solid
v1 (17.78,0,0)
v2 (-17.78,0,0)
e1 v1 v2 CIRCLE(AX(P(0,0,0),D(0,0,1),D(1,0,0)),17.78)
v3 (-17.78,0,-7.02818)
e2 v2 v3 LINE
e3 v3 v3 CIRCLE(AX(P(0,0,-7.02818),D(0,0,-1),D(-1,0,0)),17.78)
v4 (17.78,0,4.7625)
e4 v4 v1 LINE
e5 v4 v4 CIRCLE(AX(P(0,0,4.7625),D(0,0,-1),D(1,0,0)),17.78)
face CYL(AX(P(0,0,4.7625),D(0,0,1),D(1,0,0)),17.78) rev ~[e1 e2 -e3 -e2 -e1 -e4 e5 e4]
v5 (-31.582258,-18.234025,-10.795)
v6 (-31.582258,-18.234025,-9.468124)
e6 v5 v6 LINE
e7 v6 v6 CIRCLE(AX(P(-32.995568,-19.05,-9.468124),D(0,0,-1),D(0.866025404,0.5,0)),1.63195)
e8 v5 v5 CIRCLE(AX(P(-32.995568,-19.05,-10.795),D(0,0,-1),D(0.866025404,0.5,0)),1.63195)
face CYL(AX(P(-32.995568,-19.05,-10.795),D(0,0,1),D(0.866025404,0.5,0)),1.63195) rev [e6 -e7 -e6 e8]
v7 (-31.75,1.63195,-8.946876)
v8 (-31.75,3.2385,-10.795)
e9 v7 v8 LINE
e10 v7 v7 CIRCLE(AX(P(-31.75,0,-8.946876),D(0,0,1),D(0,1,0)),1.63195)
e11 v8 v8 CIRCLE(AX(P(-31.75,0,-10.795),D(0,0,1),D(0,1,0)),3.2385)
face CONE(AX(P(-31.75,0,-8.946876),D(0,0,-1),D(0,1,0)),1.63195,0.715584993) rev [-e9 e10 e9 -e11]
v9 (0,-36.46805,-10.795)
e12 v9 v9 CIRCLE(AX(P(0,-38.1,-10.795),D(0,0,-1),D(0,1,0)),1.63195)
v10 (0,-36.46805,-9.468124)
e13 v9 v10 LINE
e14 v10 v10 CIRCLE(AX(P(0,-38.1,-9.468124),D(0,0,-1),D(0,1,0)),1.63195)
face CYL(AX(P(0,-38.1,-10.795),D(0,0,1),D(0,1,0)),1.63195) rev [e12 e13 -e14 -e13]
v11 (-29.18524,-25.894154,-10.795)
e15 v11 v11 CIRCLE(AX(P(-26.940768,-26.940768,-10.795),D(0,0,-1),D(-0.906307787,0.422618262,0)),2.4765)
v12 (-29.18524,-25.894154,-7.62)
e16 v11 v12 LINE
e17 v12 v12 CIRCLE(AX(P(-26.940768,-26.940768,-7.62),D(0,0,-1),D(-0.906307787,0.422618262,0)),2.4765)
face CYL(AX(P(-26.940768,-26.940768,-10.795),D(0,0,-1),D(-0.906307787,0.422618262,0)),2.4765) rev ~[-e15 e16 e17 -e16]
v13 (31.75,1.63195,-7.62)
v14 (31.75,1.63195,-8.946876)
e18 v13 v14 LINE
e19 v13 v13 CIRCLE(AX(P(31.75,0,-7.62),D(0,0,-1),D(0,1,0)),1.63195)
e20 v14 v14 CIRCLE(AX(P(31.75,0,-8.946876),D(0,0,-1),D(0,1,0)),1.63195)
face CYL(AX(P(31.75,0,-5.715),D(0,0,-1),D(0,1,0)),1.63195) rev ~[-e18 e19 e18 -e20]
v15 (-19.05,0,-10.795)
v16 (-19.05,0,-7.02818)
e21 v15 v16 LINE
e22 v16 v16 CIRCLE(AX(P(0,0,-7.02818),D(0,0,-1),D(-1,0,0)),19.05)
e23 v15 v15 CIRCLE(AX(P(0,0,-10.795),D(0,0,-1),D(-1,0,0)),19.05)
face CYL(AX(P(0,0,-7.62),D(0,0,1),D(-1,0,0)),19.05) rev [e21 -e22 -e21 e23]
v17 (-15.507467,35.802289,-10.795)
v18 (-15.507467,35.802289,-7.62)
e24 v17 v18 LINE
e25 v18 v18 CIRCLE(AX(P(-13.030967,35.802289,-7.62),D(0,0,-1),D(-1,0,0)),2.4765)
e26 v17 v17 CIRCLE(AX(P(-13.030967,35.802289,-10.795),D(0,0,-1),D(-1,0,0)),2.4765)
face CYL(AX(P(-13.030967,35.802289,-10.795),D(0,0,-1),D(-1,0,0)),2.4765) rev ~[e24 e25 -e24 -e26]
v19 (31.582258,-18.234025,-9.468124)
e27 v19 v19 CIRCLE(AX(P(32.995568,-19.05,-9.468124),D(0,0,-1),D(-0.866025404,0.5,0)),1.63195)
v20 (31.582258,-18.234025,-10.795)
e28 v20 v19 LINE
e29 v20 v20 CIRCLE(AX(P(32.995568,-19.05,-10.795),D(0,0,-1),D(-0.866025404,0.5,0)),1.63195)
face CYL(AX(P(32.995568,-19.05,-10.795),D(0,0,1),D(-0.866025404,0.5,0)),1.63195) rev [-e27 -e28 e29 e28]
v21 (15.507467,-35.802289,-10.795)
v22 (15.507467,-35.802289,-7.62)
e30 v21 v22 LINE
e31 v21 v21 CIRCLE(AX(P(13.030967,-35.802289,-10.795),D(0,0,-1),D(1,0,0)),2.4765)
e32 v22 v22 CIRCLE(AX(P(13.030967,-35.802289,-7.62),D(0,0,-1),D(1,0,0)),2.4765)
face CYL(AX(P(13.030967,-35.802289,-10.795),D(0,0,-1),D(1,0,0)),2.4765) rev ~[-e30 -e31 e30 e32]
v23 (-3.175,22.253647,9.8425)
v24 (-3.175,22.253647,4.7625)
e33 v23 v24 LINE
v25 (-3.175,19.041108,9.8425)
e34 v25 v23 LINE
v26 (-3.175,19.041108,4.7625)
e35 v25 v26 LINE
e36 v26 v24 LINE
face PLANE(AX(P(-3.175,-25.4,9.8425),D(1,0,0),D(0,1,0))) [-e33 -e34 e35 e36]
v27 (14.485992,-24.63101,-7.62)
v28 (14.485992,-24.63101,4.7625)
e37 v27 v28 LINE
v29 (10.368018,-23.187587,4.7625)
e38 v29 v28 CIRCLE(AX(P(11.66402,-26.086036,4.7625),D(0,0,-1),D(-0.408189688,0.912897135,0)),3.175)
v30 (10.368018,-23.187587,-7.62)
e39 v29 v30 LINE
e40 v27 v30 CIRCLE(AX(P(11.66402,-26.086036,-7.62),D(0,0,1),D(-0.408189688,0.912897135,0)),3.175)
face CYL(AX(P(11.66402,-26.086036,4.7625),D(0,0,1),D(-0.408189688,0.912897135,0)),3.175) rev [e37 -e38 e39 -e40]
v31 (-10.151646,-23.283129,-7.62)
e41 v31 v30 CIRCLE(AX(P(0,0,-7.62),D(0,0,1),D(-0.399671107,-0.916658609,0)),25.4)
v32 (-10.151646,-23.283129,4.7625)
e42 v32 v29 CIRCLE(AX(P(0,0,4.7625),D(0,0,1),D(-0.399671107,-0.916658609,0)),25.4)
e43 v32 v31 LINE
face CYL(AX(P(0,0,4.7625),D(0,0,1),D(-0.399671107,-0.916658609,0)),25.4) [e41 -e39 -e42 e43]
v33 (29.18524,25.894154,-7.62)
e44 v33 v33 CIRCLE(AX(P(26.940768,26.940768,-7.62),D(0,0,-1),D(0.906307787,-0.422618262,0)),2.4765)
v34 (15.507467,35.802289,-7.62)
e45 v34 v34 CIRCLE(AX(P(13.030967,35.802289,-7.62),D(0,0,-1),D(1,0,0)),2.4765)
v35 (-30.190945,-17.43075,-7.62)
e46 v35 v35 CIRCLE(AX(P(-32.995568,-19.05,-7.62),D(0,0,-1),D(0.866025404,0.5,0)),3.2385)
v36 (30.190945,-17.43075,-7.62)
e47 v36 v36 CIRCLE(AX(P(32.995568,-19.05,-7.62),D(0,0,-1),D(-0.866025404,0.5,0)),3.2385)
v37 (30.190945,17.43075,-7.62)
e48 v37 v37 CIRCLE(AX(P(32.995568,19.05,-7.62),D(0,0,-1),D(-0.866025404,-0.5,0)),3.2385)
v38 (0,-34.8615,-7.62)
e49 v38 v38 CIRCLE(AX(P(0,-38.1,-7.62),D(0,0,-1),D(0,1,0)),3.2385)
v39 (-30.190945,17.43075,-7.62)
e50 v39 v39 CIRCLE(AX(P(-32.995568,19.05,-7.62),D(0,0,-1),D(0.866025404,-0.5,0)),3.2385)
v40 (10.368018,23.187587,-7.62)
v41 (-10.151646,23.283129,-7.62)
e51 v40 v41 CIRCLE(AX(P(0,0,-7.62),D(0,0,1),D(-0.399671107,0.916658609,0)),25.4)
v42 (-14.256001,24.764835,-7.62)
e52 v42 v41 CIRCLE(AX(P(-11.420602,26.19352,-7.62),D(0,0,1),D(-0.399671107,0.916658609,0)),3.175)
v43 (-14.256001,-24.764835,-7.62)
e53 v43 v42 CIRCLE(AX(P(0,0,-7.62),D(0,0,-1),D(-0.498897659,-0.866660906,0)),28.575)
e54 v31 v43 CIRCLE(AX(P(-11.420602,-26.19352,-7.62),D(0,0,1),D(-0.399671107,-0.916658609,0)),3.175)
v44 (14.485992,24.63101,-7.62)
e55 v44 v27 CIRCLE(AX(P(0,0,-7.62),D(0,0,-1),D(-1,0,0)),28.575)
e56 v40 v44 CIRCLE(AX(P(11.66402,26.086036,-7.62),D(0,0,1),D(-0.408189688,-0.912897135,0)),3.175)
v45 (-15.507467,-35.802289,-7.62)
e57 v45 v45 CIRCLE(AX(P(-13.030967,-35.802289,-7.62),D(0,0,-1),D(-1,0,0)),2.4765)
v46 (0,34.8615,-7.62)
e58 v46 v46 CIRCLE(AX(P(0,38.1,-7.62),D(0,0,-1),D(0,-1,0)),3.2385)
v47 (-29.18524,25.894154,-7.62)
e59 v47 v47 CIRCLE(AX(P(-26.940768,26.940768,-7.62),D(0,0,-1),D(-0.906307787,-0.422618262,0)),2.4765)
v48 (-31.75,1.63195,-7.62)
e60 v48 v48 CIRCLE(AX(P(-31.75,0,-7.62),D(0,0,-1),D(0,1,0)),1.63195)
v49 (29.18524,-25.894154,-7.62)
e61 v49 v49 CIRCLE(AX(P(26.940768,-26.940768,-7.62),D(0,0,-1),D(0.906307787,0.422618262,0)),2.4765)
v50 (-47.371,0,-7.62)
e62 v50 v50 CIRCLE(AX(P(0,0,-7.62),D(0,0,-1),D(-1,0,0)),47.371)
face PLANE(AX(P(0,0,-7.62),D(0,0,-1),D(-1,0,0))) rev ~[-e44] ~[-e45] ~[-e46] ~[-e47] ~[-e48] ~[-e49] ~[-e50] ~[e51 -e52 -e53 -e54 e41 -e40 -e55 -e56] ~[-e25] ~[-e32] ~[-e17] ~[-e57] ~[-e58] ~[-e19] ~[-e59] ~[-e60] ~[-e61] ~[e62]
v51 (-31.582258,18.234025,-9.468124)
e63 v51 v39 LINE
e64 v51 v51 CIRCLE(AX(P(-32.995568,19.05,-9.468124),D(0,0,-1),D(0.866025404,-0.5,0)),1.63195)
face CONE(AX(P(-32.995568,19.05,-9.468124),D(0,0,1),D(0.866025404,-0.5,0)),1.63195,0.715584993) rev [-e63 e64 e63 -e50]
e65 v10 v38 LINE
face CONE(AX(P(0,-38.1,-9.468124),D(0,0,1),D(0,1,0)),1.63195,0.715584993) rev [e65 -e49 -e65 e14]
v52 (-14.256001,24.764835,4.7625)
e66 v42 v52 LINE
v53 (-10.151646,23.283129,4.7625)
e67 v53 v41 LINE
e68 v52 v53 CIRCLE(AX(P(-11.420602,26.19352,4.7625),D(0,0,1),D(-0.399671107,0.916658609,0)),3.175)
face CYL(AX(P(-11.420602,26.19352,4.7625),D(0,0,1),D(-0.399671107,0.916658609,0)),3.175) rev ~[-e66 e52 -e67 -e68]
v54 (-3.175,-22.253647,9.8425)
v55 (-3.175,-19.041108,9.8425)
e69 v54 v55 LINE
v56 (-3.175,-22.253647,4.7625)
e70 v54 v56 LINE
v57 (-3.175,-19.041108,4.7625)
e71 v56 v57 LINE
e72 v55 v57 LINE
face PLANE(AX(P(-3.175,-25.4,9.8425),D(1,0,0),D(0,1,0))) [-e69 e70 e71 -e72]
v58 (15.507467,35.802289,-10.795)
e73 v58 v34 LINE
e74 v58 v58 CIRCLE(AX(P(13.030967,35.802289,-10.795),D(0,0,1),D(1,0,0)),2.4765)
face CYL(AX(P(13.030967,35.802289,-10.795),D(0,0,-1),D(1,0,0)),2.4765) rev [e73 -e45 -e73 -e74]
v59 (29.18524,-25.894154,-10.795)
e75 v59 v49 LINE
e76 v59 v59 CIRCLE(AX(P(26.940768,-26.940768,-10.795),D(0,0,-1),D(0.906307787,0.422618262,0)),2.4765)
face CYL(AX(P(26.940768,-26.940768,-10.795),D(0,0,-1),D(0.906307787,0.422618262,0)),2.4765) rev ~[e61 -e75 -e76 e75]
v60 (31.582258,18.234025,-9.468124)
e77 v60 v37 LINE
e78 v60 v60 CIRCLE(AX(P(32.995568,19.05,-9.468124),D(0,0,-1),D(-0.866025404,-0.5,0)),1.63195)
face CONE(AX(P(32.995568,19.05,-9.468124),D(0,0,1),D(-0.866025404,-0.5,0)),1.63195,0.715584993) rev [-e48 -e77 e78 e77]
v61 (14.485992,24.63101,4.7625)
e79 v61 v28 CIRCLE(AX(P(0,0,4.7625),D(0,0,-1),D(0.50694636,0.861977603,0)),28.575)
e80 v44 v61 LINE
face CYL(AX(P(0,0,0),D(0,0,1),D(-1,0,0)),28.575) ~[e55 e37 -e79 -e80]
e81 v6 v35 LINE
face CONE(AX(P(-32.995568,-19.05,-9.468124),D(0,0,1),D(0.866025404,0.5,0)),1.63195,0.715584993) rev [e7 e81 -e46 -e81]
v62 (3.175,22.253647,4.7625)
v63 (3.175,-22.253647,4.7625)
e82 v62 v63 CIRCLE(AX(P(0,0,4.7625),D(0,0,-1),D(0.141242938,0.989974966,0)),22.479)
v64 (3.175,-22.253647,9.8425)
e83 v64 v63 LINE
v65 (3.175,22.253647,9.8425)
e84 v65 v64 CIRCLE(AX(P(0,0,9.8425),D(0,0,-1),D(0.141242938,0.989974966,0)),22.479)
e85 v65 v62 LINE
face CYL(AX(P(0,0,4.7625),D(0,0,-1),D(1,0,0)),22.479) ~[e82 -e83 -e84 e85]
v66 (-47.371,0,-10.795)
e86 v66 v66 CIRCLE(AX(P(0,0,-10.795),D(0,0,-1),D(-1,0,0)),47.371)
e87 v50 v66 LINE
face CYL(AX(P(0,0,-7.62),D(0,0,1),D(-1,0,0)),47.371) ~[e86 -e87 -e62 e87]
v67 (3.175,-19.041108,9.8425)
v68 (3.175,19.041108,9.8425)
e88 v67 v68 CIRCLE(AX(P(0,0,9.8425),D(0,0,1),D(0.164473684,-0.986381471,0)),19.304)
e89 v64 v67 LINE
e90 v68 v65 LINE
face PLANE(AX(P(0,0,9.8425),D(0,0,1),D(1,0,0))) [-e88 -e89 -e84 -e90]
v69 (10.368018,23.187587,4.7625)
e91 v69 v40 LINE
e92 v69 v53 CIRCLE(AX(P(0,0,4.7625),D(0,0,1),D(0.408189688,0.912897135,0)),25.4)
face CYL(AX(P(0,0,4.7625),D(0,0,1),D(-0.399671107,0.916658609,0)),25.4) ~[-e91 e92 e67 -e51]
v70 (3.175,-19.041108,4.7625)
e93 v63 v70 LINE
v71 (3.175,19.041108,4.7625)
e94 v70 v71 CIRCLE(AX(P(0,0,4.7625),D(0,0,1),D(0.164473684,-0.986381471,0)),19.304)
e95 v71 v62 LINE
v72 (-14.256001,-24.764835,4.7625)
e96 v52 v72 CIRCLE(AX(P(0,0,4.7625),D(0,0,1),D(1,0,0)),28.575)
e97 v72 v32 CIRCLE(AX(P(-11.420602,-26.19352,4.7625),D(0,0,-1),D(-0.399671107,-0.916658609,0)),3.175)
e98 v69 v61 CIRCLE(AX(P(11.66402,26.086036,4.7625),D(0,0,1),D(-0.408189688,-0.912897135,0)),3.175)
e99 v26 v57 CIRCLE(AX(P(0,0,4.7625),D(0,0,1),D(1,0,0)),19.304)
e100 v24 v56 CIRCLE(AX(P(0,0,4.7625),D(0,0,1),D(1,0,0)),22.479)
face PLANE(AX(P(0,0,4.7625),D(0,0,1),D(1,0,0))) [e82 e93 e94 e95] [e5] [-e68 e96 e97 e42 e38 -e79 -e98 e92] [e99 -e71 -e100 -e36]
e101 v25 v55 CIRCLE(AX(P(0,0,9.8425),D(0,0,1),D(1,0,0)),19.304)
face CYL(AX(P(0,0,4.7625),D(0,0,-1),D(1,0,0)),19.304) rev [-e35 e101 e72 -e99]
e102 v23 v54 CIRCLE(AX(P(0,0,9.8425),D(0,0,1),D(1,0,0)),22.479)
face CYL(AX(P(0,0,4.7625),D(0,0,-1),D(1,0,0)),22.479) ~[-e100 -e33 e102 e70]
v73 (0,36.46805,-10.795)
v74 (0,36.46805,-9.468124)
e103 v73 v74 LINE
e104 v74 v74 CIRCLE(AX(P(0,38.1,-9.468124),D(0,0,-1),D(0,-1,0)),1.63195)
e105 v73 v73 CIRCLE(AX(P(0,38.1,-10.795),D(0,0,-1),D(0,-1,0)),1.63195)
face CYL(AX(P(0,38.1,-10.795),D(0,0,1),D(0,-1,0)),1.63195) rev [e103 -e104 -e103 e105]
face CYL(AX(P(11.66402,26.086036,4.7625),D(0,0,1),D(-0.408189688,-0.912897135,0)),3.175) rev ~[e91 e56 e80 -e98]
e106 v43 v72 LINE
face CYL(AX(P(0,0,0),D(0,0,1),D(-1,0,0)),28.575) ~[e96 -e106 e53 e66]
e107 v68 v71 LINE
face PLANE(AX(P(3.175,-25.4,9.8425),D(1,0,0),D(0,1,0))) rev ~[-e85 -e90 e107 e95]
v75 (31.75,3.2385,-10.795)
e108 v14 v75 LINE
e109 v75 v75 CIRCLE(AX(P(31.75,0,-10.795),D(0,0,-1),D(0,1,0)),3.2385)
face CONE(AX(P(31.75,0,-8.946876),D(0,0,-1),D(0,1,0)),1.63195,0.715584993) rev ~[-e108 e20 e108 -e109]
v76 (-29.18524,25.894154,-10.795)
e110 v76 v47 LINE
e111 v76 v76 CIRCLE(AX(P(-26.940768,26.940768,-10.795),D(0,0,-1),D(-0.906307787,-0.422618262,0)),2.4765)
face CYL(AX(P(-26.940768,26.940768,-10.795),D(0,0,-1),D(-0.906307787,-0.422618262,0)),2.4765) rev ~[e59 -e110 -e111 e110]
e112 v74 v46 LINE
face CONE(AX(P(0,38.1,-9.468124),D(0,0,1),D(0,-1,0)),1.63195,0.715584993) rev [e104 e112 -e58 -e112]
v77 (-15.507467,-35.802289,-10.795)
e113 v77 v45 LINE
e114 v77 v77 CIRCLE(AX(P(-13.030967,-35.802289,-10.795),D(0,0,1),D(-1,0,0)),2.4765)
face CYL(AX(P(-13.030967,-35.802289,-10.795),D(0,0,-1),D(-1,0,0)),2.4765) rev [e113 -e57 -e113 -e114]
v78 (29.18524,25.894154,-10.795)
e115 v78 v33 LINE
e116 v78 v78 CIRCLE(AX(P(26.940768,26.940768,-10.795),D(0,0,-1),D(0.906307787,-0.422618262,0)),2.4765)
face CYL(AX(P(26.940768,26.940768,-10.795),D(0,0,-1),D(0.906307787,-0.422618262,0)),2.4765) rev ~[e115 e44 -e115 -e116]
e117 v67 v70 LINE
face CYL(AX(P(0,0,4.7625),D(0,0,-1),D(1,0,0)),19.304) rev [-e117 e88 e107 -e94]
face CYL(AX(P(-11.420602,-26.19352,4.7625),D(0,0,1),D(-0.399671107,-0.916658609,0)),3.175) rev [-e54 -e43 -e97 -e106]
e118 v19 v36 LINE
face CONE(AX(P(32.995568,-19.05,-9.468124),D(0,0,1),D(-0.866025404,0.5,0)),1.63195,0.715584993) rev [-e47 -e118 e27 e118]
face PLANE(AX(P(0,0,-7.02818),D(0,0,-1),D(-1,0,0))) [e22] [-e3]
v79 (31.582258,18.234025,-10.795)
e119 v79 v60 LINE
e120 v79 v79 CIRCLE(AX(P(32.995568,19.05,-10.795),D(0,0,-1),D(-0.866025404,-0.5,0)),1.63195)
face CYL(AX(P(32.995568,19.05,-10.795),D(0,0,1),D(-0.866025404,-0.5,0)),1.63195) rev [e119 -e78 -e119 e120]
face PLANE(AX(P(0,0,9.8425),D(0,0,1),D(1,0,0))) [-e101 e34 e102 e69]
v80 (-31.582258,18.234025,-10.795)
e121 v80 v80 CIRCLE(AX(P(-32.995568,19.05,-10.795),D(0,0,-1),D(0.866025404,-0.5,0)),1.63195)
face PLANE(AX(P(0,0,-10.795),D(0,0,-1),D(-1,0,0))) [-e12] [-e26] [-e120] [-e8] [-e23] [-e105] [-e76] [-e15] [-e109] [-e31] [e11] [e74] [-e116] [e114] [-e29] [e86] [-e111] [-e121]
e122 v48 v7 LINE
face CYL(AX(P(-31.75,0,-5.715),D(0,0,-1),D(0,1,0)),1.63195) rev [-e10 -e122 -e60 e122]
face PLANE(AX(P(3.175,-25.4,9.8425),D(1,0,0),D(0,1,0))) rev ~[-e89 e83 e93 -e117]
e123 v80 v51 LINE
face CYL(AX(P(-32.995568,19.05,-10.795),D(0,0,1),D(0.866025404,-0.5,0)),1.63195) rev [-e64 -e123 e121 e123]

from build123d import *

# Parameters (mm, degrees)
SKETCH1_R               = 28.575
BOSS_EXTRUDE1_DEPTH     = 4.7625
SKETCH2_R               = 17.78
CUT_EXTRUDE1_DEPTH      = 5.7625
SKETCH9_R               = 28.575
SKETCH9_R_2             = 17.78
BOSS_EXTRUDE4_DEPTH     = 7.62
SKETCH4_R               = 22.479
SKETCH4_R_2             = 19.304
BOSS_EXTRUDE2_DEPTH     = 5.08
SKETCH5_W               = 6.35
SKETCH5_H               = 50.8
CUT_EXTRUDE3_DEPTH      = 5.08
CUT_EXTRUDE4_DEPTH      = 13.3825
SKETCH10_R              = 19.05
CUT_EXTRUDE5_DEPTH      = 0.59182
SKETCH11_R              = 47.371
SKETCH11_R_2            = 19.05
BOSS_EXTRUDE5_DEPTH     = 3.175
CIRPATTERN1_COUNT       = 6
SKETCH19_R              = 2.4765
CUT_EXTRUDE7_DEPTH      = 21.6375
CIRPATTERN2_COUNT       = 2
CIRPATTERN2_ANGLE       = 25
MIRROR3_COPY_1_SKETCH_R = 2.4765
MIRROR3_COPY_1_DEPTH    = 21.6375
MIRROR4_COPY_1_SKETCH_R = 2.4765
MIRROR4_COPY_1_DEPTH    = 21.6375
MIRROR4_COPY_2_SKETCH_R = 2.4765
MIRROR4_COPY_2_DEPTH    = 21.6375
MIRROR4_COPY_3_SKETCH_R = 2.4765
MIRROR4_COPY_3_DEPTH    = 21.6375


with BuildPart() as part:
    # Sketch1 → Boss-Extrude1 (new body)
    with BuildSketch(Plane.XY):
        Circle(SKETCH1_R)
    extrude(amount=BOSS_EXTRUDE1_DEPTH)

    # Sketch2 → Cut-Extrude1 (cut, through all)
    with BuildSketch(Plane.XY.offset(4.7625)):
        Circle(SKETCH2_R)
    extrude(amount=-CUT_EXTRUDE1_DEPTH, mode=Mode.SUBTRACT)

    # Sketch9 → Boss-Extrude4 (add)
    with BuildSketch(Plane(origin=(0, 0, 0), x_dir=(-1, 0, 0), z_dir=(0, 0, -1))):
        Circle(SKETCH9_R)
        Circle(SKETCH9_R_2, mode=Mode.SUBTRACT)
    extrude(amount=BOSS_EXTRUDE4_DEPTH)

    # Sketch4 → Boss-Extrude2 (add)
    with BuildSketch(Plane.XY.offset(4.7625)):
        Circle(SKETCH4_R)
        Circle(SKETCH4_R_2, mode=Mode.SUBTRACT)
    extrude(amount=BOSS_EXTRUDE2_DEPTH)

    # Sketch5 → Cut-Extrude3 (cut)
    with BuildSketch(Plane.XY.offset(9.8425)):
        Rectangle(SKETCH5_W, SKETCH5_H)
    extrude(amount=-CUT_EXTRUDE3_DEPTH, mode=Mode.SUBTRACT)

    # Sketch7 → Cut-Extrude4 (cut, through all)
    with BuildSketch(Plane.XY.offset(4.7625)):
        with BuildLine():
            ThreePointArc((12.960022594, 28.984484028), (0.147829333, 31.749655848), (-12.689557657, 29.103910845))
            ThreePointArc((-12.689557657, 29.103910845), (-14.330992976, 24.924563995), (-10.151646126, 23.283128676))
            ThreePointArc((-10.151646126, 23.283128676), (0.118263466, 25.399724679), (10.368018075, 23.187587222))
            ThreePointArc((10.368018075, 23.187587222), (14.562468737, 24.790033366), (12.960022594, 28.984484028))
        make_face()
    cut_extrude4 = extrude(amount=-CUT_EXTRUDE4_DEPTH, mode=Mode.SUBTRACT)

    # Mirror1: Cut-Extrude4 across plane
    add(cut_extrude4.mirror(Plane.ZX), mode=Mode.SUBTRACT)

    # Sketch10 → Cut-Extrude5 (cut)
    with BuildSketch(Plane(origin=(0, 0, -7.62), x_dir=(-1, 0, 0), z_dir=(0, 0, -1))):
        Circle(SKETCH10_R)
    extrude(amount=-CUT_EXTRUDE5_DEPTH, mode=Mode.SUBTRACT)

    # Sketch11 → Boss-Extrude5 (add)
    with BuildSketch(Plane(origin=(0, 0, -7.62), x_dir=(-1, 0, 0), z_dir=(0, 0, -1))):
        Circle(SKETCH11_R)
        Circle(SKETCH11_R_2, mode=Mode.SUBTRACT)
    extrude(amount=BOSS_EXTRUDE5_DEPTH)

    # Sketch12 → CSK for #4 Flat Head Socket Cap Screw1 (revolve, cut)
    with BuildSketch(Plane(origin=(-31.75, 0, -10.795), x_dir=(0, 1, 0), z_dir=(1, 0, 0))):
        Polygon((0, 0), (0, 6.060574487), (1.63195, 5.08), (1.63195, 1.848124365), (3.2385, 0), align=None)
    csk_for_4_flat_head_socket_cap_screw1 = revolve(axis=Axis((-31.75, 0, -17.145), (0, 0, 1)), mode=Mode.SUBTRACT)

    # Mirror2: CSK for #4 Flat Head Socket Cap Screw1 across plane
    add(csk_for_4_flat_head_socket_cap_screw1.mirror(Plane(origin=(0, 0, 0), x_dir=(0, 0, 1), z_dir=(1, 0, 0))), mode=Mode.SUBTRACT)

    # Sketch16 → CSK for #4 Flat Head Socket Cap Screw3 (revolve, cut)
    with BuildSketch(Plane(origin=(0, 38.1, -7.62), x_dir=(0, -1, 0), z_dir=(1, 0, 0))):
        Polygon((0, 0), (0, 4.155574487), (1.63195, 3.175), (1.63195, 1.848124365), (3.2385, 0), align=None)
    csk_for_4_flat_head_socket_cap_screw3 = revolve(axis=Axis((0, 38.1, -1.27), (0, 0, -1)), mode=Mode.SUBTRACT)

    # CirPattern1: CSK for #4 Flat Head Socket Cap Screw3 ×6 about axis
    cirpattern1_axis = Axis((0, 0, 0), (0, 0, 1))
    for i in range(1, CIRPATTERN1_COUNT):
        add(csk_for_4_flat_head_socket_cap_screw3.rotate(cirpattern1_axis, i * 360 / CIRPATTERN1_COUNT), mode=Mode.SUBTRACT)

    # Sketch19 → Cut-Extrude7 (cut, through all)
    with BuildSketch(Plane(origin=(0, 0, -10.795), x_dir=(-1, 0, 0), z_dir=(0, 0, -1))):
        with Locations((13.030967461, 35.802288852)):
            Circle(SKETCH19_R)
    cut_extrude7 = extrude(amount=-CUT_EXTRUDE7_DEPTH, mode=Mode.SUBTRACT)

    # CirPattern2: Cut-Extrude7 ×2 about axis
    cirpattern2_axis = Axis((0, 0, -10.795), (0, 0, 1))
    for i in range(1, CIRPATTERN2_COUNT):
        add(cut_extrude7.rotate(cirpattern2_axis, i * CIRPATTERN2_ANGLE / (CIRPATTERN2_COUNT - 1)), mode=Mode.SUBTRACT)

    # Mirror3: Cut-Extrude7 across plane
    add(cut_extrude7.mirror(Plane(origin=(0, 0, 0), x_dir=(0, 0, 1), z_dir=(1, 0, 0))), mode=Mode.SUBTRACT)

    # Mirror3 copy 1 sketch → Mirror3 copy 1 (cut, through all)
    with BuildSketch(Plane(origin=(0, 0, -10.795), x_dir=(0.906307787, -0.422618262, 0), z_dir=(0, 0, -1))):
        with Locations((13.030967461, -35.802288852)):
            Circle(MIRROR3_COPY_1_SKETCH_R)
    extrude(amount=-MIRROR3_COPY_1_DEPTH, mode=Mode.SUBTRACT)

    # Mirror4: Cut-Extrude7 across plane
    add(cut_extrude7.mirror(Plane.ZX), mode=Mode.SUBTRACT)

    # Mirror4 copy 1 sketch → Mirror4 copy 1 (cut, through all)
    with BuildSketch(Plane(origin=(0, 0, -10.795), x_dir=(1, 0, 0), z_dir=(0, 0, -1))):
        with Locations((13.030967461, 35.802288852)):
            Circle(MIRROR4_COPY_1_SKETCH_R)
    extrude(amount=-MIRROR4_COPY_1_DEPTH, mode=Mode.SUBTRACT)

    # Mirror4 copy 2 sketch → Mirror4 copy 2 (cut, through all)
    with BuildSketch(Plane(origin=(0, 0, -10.795), x_dir=(0.906307787, 0.422618262, 0), z_dir=(0, 0, -1))):
        with Locations((13.030967461, 35.802288852)):
            Circle(MIRROR4_COPY_2_SKETCH_R)
    extrude(amount=-MIRROR4_COPY_2_DEPTH, mode=Mode.SUBTRACT)

    # Mirror4 copy 3 sketch → Mirror4 copy 3 (cut, through all)
    with BuildSketch(Plane(origin=(0, 0, -10.795), x_dir=(-0.906307787, 0.422618262, 0), z_dir=(0, 0, -1))):
        with Locations((13.030967461, -35.802288852)):
            Circle(MIRROR4_COPY_3_SKETCH_R)
    extrude(amount=-MIRROR4_COPY_3_DEPTH, mode=Mode.SUBTRACT)


solid = part.part
